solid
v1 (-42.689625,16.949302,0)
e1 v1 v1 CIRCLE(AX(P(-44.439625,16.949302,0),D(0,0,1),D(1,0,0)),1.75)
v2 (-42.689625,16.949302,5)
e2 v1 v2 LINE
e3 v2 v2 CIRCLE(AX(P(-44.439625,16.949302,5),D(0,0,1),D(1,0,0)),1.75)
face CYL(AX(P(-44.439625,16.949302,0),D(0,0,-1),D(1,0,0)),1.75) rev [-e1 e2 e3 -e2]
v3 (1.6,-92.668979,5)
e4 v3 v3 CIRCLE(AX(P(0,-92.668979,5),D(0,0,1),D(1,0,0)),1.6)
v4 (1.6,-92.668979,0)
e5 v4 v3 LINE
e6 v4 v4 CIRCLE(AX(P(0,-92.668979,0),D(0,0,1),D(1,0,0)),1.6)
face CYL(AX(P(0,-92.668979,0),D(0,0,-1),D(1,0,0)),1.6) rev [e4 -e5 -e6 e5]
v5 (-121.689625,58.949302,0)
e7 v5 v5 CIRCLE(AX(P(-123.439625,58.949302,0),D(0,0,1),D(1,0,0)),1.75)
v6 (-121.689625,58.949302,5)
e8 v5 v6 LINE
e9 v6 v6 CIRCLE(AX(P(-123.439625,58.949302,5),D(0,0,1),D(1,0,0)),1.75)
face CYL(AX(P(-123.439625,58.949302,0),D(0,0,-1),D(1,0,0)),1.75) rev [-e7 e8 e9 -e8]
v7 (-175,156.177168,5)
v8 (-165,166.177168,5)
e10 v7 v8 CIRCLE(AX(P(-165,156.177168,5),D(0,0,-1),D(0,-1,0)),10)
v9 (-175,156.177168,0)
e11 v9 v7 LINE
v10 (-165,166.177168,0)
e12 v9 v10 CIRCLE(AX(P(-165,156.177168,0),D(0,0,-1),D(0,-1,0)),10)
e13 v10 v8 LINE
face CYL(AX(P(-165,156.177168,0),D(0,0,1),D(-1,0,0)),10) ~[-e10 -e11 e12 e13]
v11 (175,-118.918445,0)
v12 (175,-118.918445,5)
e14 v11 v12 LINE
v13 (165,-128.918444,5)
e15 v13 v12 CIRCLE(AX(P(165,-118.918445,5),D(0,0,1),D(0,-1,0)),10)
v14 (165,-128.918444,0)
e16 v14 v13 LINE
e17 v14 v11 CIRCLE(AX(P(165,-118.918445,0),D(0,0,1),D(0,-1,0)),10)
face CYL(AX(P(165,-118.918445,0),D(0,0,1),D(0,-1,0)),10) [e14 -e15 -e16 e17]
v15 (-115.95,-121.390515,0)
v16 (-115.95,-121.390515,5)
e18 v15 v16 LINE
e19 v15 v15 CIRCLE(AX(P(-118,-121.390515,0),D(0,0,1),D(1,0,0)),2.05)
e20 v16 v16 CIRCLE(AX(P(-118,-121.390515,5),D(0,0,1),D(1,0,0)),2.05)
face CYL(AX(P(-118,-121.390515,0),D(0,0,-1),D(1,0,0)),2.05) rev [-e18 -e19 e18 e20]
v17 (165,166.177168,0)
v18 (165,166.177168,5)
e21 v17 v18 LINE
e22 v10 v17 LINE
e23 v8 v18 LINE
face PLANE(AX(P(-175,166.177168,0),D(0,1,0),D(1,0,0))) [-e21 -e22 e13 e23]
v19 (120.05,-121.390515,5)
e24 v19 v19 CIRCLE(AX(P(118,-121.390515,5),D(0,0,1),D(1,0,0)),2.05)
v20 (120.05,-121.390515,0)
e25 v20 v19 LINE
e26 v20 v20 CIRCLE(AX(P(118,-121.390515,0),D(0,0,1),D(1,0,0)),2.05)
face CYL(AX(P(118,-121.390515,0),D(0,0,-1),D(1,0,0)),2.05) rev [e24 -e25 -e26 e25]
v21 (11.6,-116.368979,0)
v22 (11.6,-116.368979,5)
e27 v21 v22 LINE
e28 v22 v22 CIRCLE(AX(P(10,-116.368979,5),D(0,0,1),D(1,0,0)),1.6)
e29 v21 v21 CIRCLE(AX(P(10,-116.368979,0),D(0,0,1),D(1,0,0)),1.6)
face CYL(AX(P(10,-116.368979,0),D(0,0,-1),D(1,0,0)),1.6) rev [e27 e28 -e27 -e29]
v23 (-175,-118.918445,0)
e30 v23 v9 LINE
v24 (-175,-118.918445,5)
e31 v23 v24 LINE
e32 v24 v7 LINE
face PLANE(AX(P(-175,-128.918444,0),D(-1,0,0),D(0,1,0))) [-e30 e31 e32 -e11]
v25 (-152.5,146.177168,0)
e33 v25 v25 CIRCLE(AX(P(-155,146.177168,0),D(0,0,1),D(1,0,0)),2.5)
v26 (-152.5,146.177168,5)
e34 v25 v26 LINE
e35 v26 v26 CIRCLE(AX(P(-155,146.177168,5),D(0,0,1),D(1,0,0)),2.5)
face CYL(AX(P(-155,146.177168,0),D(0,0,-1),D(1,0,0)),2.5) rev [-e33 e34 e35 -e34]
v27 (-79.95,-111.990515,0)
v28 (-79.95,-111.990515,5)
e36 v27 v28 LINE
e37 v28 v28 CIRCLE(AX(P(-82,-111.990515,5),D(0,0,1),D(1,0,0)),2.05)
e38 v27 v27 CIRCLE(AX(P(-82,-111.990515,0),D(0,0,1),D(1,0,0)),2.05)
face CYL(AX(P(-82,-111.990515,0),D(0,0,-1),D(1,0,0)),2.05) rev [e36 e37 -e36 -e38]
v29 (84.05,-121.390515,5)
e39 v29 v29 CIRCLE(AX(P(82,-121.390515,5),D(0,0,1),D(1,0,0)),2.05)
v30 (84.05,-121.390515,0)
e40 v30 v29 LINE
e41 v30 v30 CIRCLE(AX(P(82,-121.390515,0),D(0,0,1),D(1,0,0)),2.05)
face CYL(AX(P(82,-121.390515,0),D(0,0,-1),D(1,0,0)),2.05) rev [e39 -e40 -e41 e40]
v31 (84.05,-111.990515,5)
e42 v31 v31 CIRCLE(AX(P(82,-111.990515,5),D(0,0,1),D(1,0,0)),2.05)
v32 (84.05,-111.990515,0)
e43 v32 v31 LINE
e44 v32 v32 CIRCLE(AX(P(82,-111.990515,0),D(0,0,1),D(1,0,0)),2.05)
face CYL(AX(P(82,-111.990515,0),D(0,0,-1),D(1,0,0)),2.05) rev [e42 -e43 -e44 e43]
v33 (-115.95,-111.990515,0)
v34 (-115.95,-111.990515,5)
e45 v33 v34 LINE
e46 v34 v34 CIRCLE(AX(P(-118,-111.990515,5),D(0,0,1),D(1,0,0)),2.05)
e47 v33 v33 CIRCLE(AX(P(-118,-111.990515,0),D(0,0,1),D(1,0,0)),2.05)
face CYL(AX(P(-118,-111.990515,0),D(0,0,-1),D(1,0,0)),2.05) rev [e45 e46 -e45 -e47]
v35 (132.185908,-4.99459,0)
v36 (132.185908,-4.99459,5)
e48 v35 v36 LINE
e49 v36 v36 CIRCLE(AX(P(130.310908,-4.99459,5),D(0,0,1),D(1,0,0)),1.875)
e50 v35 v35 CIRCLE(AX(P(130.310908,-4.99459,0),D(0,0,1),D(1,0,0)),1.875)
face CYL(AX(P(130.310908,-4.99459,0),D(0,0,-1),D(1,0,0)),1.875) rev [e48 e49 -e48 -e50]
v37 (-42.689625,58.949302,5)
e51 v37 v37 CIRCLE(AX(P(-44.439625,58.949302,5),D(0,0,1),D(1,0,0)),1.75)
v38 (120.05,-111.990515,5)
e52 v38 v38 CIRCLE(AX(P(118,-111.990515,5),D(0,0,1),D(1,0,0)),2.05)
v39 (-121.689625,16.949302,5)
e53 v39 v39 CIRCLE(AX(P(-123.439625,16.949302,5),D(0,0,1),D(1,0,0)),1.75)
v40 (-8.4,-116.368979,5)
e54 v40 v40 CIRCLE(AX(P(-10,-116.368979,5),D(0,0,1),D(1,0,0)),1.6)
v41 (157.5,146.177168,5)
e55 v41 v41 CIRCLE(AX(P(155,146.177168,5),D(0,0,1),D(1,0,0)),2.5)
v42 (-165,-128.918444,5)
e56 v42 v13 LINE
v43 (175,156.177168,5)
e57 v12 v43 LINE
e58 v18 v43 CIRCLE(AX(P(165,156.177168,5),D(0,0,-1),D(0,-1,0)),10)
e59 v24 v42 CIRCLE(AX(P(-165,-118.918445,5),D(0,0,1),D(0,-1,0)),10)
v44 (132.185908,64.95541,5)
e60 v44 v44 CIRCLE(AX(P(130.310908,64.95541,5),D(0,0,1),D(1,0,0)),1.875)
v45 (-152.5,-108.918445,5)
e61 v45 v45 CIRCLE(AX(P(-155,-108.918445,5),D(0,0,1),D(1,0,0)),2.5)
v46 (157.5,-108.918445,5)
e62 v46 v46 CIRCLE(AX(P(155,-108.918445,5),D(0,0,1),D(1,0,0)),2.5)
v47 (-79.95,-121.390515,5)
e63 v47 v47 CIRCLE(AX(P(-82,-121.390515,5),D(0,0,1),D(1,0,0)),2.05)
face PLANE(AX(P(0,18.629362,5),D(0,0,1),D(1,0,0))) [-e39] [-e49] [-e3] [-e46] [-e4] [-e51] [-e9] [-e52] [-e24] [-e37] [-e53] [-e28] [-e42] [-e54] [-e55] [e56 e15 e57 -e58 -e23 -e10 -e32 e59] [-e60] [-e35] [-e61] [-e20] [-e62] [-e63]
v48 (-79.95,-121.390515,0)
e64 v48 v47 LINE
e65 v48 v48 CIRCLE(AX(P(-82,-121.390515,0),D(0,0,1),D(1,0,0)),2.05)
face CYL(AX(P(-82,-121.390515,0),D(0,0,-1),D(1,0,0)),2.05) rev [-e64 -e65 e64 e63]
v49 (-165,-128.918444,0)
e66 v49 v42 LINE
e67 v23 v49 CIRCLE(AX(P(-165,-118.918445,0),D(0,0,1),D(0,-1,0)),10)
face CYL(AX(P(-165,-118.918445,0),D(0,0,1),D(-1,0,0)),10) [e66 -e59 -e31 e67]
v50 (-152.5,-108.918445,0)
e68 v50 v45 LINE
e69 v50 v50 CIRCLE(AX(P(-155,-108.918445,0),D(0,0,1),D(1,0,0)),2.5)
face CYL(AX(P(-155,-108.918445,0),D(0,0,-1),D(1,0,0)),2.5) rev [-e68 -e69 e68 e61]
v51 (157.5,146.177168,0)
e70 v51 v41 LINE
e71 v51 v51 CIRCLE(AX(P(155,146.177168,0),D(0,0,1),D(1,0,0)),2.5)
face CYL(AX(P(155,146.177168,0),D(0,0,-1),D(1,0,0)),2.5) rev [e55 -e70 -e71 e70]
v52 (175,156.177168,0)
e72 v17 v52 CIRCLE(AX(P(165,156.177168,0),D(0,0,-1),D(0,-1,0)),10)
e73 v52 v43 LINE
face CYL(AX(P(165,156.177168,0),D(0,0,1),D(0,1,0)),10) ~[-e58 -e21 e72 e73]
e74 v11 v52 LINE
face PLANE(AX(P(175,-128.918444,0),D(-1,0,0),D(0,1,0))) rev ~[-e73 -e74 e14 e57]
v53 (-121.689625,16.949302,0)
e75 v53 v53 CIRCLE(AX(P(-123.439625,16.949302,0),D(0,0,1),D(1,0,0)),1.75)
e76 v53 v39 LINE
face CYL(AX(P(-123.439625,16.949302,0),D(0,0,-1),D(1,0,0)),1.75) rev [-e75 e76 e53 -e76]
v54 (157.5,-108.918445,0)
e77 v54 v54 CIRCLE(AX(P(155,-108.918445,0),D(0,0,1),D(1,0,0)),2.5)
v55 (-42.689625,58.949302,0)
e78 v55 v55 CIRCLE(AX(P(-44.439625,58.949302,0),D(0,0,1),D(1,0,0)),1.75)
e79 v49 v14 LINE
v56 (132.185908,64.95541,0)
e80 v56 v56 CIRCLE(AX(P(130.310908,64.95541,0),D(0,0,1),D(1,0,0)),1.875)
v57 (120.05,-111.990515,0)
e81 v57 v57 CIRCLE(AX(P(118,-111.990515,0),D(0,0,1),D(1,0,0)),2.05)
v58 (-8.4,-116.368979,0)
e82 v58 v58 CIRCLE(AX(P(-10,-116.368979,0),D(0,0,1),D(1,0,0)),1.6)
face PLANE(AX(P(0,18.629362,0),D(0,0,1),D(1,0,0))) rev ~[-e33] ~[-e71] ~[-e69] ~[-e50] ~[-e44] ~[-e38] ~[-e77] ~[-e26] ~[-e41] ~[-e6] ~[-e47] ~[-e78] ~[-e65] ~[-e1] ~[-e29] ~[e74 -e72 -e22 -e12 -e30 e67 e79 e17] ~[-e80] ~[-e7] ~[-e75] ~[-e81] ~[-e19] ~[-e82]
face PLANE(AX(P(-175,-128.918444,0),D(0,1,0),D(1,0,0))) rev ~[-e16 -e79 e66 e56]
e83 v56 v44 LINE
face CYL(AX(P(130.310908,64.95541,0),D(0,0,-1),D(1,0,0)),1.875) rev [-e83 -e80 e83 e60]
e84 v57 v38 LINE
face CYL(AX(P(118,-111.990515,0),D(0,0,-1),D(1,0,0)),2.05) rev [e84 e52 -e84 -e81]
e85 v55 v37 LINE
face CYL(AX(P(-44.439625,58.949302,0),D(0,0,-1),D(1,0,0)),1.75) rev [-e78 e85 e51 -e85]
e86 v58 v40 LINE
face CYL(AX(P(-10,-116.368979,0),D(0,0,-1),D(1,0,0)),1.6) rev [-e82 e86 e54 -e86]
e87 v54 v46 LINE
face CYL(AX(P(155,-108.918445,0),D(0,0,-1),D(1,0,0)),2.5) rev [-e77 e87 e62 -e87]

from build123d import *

# Parameters (mm, degrees)
F0_W     = 350
F0_H     = 295.095613
F0_R     = 2.5
F0_R_2   = 2.05
F0_R_3   = 1.6
F0_R_4   = 1.75
F0_R_5   = 1.875
F1_DEPTH = 5
F2_R     = 10


with BuildPart() as f1:
    # F0 (on Top) → F1 (new body)
    with BuildSketch(Plane.XY):
        with Locations((0, 18.629362)):
            Rectangle(F0_W, F0_H)
        with Locations((-155, -108.918445)):
            Circle(F0_R, mode=Mode.SUBTRACT)
        with Locations((-118, -121.390515)):
            Circle(F0_R_2, mode=Mode.SUBTRACT)
        with Locations((-118, -111.990515)):
            Circle(F0_R_2, mode=Mode.SUBTRACT)
        with Locations((-82, -121.390515)):
            Circle(F0_R_2, mode=Mode.SUBTRACT)
        with Locations((-82, -111.990515)):
            Circle(F0_R_2, mode=Mode.SUBTRACT)
        with Locations((-10, -116.368979)):
            Circle(F0_R_3, mode=Mode.SUBTRACT)
        with Locations((-123.439625, 16.949302)):
            Circle(F0_R_4, mode=Mode.SUBTRACT)
        with Locations((-44.439625, 16.949302)):
            Circle(F0_R_4, mode=Mode.SUBTRACT)
        with Locations((10, -116.368979)):
            Circle(F0_R_3, mode=Mode.SUBTRACT)
        with Locations((0, -92.668979)):
            Circle(F0_R_3, mode=Mode.SUBTRACT)
        with Locations((82, -121.390515)):
            Circle(F0_R_2, mode=Mode.SUBTRACT)
        with Locations((82, -111.990515)):
            Circle(F0_R_2, mode=Mode.SUBTRACT)
        with Locations((118, -121.390515)):
            Circle(F0_R_2, mode=Mode.SUBTRACT)
        with Locations((118, -111.990515)):
            Circle(F0_R_2, mode=Mode.SUBTRACT)
        with Locations((155, -108.918445)):
            Circle(F0_R, mode=Mode.SUBTRACT)
        with Locations((130.310908, -4.99459)):
            Circle(F0_R_5, mode=Mode.SUBTRACT)
        with Locations((-123.439625, 58.949302)):
            Circle(F0_R_4, mode=Mode.SUBTRACT)
        with Locations((-44.439625, 58.949302)):
            Circle(F0_R_4, mode=Mode.SUBTRACT)
        with Locations((-155, 146.177168)):
            Circle(F0_R, mode=Mode.SUBTRACT)
        with Locations((130.310908, 64.95541)):
            Circle(F0_R_5, mode=Mode.SUBTRACT)
        with Locations((155, 146.177168)):
            Circle(F0_R, mode=Mode.SUBTRACT)
    extrude(amount=F1_DEPTH)

    # F2
    f2_edges = [f1.edges().sort_by_distance(p)[0] for p in [
        (-175, 166.177168, 2.5),
        (-175, -128.918445, 2.5),
        (175, 166.177168, 2.5),
        (175, -128.918445, 2.5),
    ]]
    fillet(f2_edges, radius=F2_R)


solid = f1.part
